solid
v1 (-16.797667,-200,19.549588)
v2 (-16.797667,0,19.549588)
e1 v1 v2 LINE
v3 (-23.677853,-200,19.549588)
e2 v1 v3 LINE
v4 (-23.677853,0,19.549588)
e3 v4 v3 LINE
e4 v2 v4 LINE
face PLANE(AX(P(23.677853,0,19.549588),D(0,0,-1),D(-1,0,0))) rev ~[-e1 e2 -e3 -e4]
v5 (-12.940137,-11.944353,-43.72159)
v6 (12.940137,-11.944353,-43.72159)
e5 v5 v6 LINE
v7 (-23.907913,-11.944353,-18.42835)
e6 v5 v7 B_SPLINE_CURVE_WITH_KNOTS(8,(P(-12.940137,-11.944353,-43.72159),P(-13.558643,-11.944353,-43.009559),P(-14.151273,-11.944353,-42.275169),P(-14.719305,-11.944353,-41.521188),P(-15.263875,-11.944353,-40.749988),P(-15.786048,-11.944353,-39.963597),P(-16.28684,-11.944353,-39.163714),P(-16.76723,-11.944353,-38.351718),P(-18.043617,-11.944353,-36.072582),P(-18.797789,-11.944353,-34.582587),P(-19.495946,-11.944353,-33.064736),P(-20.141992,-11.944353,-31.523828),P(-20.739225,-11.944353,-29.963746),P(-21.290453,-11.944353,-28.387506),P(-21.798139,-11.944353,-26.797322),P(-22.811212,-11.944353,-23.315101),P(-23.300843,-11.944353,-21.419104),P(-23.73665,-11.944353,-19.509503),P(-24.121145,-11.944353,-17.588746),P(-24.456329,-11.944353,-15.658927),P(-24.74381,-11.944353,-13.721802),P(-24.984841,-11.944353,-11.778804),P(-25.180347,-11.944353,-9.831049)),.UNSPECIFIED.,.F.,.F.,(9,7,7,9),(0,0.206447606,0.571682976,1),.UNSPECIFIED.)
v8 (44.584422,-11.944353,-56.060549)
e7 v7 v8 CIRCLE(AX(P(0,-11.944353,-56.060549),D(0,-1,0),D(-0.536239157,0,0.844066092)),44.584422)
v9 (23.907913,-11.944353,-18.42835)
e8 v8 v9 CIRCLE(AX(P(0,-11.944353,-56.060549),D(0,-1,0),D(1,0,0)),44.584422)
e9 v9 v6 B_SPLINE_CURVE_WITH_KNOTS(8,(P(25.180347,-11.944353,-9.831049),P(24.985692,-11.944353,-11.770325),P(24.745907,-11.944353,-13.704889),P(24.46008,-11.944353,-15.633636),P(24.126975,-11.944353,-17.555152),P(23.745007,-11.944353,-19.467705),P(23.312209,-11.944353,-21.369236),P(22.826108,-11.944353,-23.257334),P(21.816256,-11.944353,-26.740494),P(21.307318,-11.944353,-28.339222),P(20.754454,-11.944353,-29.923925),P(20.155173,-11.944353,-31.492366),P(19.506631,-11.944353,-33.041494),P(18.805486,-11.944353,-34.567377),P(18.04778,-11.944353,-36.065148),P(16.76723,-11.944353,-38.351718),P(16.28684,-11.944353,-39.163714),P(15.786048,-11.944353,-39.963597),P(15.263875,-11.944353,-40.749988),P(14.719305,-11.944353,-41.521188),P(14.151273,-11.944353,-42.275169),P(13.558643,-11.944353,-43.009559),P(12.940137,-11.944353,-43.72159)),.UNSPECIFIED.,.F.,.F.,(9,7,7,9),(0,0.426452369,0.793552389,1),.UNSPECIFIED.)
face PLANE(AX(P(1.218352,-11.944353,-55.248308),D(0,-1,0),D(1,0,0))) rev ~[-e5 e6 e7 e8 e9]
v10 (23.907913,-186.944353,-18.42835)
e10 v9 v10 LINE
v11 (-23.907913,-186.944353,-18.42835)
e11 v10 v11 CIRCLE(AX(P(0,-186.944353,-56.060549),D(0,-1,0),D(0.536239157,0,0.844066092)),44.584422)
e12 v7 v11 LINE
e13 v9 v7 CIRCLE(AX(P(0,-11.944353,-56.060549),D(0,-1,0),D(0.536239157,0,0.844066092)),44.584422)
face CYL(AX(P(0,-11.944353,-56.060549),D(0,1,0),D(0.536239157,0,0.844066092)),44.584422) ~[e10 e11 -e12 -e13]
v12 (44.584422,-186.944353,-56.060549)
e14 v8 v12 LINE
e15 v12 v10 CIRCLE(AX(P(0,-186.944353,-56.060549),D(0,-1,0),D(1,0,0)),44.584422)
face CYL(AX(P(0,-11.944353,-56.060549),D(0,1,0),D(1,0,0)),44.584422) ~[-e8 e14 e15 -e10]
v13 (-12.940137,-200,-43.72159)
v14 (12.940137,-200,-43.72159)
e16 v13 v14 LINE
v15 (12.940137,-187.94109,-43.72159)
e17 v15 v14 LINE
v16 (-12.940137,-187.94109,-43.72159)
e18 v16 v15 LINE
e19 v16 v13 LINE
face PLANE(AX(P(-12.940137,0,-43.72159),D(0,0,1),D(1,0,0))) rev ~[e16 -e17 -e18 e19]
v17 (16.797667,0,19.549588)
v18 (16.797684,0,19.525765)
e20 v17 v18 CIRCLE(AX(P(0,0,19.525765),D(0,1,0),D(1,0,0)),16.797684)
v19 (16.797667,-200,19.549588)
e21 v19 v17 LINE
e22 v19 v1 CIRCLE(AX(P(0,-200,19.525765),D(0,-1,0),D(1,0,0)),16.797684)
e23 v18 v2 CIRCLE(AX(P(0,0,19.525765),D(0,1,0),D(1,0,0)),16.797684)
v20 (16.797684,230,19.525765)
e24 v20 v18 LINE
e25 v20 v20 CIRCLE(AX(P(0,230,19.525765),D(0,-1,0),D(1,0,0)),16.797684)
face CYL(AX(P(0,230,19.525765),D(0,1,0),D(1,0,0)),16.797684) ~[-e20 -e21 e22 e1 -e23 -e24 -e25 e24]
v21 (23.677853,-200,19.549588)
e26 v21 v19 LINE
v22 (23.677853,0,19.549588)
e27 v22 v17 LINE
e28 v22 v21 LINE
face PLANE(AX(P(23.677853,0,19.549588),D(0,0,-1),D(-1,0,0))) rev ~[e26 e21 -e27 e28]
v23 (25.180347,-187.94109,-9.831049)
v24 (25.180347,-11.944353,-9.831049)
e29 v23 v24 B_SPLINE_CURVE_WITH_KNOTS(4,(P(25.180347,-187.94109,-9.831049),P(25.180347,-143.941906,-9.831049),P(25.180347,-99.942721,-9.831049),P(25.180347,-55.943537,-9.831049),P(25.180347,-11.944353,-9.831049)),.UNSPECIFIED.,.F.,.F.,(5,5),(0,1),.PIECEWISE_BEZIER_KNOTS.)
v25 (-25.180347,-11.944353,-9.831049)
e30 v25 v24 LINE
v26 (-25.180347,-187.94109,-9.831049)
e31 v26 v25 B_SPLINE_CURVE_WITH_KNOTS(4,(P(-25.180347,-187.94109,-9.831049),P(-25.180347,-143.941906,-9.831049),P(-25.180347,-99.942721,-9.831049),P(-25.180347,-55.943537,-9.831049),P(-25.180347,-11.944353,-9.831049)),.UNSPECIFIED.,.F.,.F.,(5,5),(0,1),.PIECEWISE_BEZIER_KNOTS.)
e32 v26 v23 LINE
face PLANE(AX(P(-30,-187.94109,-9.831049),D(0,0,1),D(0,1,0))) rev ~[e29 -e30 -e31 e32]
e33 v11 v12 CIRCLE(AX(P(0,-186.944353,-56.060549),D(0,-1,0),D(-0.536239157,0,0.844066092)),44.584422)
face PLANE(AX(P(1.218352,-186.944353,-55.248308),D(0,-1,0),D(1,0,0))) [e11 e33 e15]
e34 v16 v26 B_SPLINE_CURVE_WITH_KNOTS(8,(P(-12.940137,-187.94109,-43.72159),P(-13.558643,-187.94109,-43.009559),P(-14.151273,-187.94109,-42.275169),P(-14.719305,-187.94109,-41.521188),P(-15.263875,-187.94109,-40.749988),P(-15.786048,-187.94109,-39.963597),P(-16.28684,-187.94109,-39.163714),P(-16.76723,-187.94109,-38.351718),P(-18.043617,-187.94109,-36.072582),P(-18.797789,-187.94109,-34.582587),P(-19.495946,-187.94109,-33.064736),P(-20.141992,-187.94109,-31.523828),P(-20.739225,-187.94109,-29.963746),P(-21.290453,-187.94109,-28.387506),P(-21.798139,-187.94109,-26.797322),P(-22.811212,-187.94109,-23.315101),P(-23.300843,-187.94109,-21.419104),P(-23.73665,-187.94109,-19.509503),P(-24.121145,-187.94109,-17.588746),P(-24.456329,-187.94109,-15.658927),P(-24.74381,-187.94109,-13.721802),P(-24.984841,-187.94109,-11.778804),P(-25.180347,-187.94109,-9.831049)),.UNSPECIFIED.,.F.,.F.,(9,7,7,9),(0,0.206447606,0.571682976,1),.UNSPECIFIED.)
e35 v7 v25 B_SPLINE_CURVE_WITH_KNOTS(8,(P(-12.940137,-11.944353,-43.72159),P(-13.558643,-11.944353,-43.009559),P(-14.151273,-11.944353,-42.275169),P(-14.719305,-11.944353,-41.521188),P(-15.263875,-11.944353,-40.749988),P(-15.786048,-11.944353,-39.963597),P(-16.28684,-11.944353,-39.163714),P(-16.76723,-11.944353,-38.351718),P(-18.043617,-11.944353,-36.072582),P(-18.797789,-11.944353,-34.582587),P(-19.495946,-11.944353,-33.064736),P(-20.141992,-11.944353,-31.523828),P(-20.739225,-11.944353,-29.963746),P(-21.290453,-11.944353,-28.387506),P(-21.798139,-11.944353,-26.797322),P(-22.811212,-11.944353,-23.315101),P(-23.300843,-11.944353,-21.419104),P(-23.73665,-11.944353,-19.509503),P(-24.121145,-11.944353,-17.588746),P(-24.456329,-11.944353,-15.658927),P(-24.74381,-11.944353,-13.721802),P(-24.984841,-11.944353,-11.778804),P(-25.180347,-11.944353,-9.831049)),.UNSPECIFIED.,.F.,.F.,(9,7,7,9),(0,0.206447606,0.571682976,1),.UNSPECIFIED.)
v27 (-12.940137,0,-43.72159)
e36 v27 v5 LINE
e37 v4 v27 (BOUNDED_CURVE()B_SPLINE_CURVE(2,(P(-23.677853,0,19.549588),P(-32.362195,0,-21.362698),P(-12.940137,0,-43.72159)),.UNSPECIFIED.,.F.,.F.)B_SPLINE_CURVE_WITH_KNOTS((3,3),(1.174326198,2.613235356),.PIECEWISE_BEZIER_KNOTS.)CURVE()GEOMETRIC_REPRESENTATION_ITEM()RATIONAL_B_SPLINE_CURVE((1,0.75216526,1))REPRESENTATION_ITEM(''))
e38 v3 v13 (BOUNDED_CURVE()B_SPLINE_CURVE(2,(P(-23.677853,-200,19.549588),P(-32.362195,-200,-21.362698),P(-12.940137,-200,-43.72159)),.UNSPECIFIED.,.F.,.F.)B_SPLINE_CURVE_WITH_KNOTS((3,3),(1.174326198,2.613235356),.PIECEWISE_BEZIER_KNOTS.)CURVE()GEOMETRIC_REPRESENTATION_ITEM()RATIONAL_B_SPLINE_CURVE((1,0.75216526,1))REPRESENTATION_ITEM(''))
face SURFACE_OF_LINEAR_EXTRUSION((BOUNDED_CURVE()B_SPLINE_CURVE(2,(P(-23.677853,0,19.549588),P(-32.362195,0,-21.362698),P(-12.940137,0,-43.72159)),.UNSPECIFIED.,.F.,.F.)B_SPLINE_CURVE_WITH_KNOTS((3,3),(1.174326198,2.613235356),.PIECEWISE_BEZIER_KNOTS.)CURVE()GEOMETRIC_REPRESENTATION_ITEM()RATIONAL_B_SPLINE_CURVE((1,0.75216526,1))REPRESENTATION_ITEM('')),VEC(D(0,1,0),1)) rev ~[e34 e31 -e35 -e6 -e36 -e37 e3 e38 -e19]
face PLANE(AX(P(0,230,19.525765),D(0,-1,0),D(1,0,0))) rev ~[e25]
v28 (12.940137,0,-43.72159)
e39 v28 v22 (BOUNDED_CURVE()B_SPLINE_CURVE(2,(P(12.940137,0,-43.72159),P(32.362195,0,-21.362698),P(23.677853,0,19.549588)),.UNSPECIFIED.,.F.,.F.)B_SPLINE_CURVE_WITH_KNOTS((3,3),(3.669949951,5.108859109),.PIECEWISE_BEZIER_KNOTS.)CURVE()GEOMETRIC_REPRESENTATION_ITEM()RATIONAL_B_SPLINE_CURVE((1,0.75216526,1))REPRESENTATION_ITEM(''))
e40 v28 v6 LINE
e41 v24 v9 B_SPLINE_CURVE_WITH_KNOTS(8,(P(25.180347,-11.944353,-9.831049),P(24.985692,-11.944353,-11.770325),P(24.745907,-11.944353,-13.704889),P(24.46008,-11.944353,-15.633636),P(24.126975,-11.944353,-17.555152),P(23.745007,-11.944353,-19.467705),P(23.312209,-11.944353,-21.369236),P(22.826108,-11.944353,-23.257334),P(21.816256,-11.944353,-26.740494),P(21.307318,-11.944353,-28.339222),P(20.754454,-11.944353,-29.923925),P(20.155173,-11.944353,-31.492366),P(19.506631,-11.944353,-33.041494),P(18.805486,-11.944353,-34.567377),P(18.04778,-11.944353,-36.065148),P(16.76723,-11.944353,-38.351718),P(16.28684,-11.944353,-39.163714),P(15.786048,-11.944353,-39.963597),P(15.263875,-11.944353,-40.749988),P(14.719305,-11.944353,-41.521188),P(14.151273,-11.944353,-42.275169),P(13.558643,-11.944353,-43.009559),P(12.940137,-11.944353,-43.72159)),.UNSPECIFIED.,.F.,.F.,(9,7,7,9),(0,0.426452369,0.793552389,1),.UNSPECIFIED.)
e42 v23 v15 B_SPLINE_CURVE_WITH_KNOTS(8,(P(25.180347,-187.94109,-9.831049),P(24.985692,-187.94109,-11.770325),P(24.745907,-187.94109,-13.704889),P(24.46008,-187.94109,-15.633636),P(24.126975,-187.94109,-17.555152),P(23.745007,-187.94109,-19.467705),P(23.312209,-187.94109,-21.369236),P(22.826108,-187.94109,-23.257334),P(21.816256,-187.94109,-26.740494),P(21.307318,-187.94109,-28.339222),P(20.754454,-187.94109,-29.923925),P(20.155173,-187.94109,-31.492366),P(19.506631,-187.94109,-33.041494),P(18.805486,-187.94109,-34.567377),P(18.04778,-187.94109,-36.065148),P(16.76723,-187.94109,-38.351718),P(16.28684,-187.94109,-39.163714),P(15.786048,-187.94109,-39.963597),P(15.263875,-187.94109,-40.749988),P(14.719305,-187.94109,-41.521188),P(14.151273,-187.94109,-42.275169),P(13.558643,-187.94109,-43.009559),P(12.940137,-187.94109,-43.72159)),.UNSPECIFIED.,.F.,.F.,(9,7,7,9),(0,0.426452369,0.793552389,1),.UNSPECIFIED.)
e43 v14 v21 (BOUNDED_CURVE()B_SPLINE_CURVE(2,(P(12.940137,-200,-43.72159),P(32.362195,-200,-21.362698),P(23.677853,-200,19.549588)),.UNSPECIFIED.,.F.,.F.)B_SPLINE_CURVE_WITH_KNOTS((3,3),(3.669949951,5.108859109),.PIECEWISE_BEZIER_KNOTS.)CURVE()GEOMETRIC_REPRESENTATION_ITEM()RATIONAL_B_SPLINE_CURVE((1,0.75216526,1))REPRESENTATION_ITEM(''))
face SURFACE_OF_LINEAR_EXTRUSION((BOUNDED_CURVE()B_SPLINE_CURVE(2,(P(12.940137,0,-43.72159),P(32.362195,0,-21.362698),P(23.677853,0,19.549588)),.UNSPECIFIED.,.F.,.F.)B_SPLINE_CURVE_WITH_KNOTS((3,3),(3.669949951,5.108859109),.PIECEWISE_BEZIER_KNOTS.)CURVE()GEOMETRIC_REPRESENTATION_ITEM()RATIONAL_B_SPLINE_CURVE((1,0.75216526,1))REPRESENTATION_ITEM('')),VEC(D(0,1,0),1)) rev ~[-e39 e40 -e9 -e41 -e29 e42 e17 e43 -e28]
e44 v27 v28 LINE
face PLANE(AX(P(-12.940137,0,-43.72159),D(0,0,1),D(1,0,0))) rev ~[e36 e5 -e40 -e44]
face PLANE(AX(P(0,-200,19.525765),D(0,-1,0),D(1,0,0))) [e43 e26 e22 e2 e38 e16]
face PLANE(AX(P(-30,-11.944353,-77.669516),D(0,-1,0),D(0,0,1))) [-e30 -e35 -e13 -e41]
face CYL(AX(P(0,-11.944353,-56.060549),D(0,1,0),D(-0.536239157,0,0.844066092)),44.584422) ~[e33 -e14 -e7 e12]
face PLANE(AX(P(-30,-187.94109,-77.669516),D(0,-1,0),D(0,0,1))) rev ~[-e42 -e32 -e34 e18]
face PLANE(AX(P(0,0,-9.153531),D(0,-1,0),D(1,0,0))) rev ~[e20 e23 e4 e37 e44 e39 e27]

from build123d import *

# Parameters (mm, degrees)
F1_DEPTH = 200
F3_R     = 16.7976843787
F4_DEPTH = 430
F6_W     = 175.9967375547
F6_H     = 67.8384676576
F7_DEPTH = 100
F9_DEPTH = 175


with BuildPart() as f1:
    # F0 (on Front) → F1 (new body)
    with BuildSketch(Plane.XZ):
        with BuildLine():
            add(Edge.make_bspline(
                [(-23.6778533361, 19.5495877862), (-32.3621949462, -21.3626975394), (-12.9401370946, -43.7215901911)],
                knots=[1.1743261985, 1.1743261985, 1.1743261985, 2.6132353561, 2.6132353561, 2.6132353561], degree=2, weights=[1, 0.7521652597, 1]))
            Line((-12.9401370946, -43.7215901911), (12.9401370946, -43.7215901911))
            add(Edge.make_bspline(
                [(12.9401370946, -43.7215901911), (32.3621949462, -21.3626975394), (23.6778533361, 19.5495877862)],
                knots=[3.6699499511, 3.6699499511, 3.6699499511, 5.1088591087, 5.1088591087, 5.1088591087], degree=2, weights=[1, 0.7521652597, 1]))
            Line((23.6778533361, 19.5495877862), (-23.6778533361, 19.5495877862))
        make_face()
    extrude(amount=F1_DEPTH)

    # F3 (on offset) → F4 (join)
    with BuildSketch(Plane.XZ.offset(-230)):
        with Locations((0, 19.52576451)):
            Circle(F3_R)
    extrude(amount=F4_DEPTH)

    # F6 (on offset) → F7 (cut)
    with BuildSketch(Plane.YZ.offset(-30)):
        with Locations((-99.9427214265, -43.750282377)):
            Rectangle(F6_W, F6_H)
    extrude(amount=F7_DEPTH, mode=Mode.SUBTRACT)

    # F8 (on face) → F9 (join)
    with BuildSketch(Plane.XZ.offset(11.9443526492)):
        with BuildLine():
            ThreePointArc((-23.9079126368, -18.4283503945), (-21.4691661744, -95.1354199868), (44.5844215941, -56.0605488718))
            ThreePointArc((44.5844215941, -56.0605488718), (39.0748711148, -34.591382697), (23.907912636, -18.428350394))
            add(Edge.make_bspline(
                [(23.907912636, -18.428350394), (23.7403211383, -19.2740561298), (23.5629806702, -20.1178270573), (23.375722619, -20.959489825), (23.1783610081, -21.7988580379), (22.9706905105, -22.6357318329), (22.7524836933, -23.4698972976), (22.5234871985, -24.301125666), (21.8162555534, -26.7404941038), (21.3073183679, -28.3392219433), (20.754454425, -29.9239250097), (20.1551733117, -31.4923659659), (19.5066312989, -33.0414940382), (18.8054862218, -34.5673766033), (18.0477798353, -36.0651478958), (16.7672298185, -38.3517175377), (16.2868400055, -39.1637140236), (15.7860476096, -39.9635970623), (15.2638749499, -40.7499882648), (14.7193047849, -41.5211878034), (14.1512732931, -42.2751690498), (13.5586431482, -43.0095590272), (12.9401370946, -43.7215901911)],
                knots=[0.2378023461, 0.2378023461, 0.2378023461, 0.2378023461, 0.2378023461, 0.2378023461, 0.2378023461, 0.2378023461, 0.2378023461, 0.4264523686, 0.4264523686, 0.4264523686, 0.4264523686, 0.4264523686, 0.4264523686, 0.4264523686, 0.7935523887, 0.7935523887, 0.7935523887, 0.7935523887, 0.7935523887, 0.7935523887, 0.7935523887, 1, 1, 1, 1, 1, 1, 1, 1, 1], degree=8))
            Line((12.9401370946, -43.7215901911), (-12.9401370946, -43.7215901911))
            add(Edge.make_bspline(
                [(-12.9401370946, -43.7215901911), (-13.5586431482, -43.0095590272), (-14.1512732931, -42.2751690498), (-14.7193047849, -41.5211878034), (-15.2638749499, -40.7499882648), (-15.7860476096, -39.9635970623), (-16.2868400055, -39.1637140236), (-16.7672298185, -38.3517175377), (-18.043616681, -36.0725816877), (-18.7977894386, -34.5825873298), (-19.4959463044, -33.0647358798), (-20.1419918652, -31.5238279251), (-20.7392245037, -29.9637460227), (-21.2904531713, -28.3875056791), (-21.7981390661, -26.7973221406), (-22.507625983, -24.3586134522), (-22.739531347, -23.5193487447), (-22.9604201458, -22.6770764585), (-23.17055429, -21.8320330534), (-23.3701686358, -20.9844394656), (-23.5594750148, -20.1345019592), (-23.7386651299, -19.2824127385), (-23.9079126368, -18.4283503945)],
                knots=[0, 0, 0, 0, 0, 0, 0, 0, 0, 0.2064476064, 0.2064476064, 0.2064476064, 0.2064476064, 0.2064476064, 0.2064476064, 0.2064476064, 0.5716829759, 0.5716829759, 0.5716829759, 0.5716829759, 0.5716829759, 0.5716829759, 0.5716829759, 0.7621973133, 0.7621973133, 0.7621973133, 0.7621973133, 0.7621973133, 0.7621973133, 0.7621973133, 0.7621973133, 0.7621973133], degree=8))
        make_face()
        with BuildLine():
            add(Edge.make_bspline(
                [(23.907912636, -18.428350394), (23.7403211383, -19.2740561298), (23.5629806702, -20.1178270573), (23.375722619, -20.959489825), (23.1783610081, -21.7988580379), (22.9706905105, -22.6357318329), (22.7524836933, -23.4698972976), (22.5234871985, -24.301125666), (21.8162555534, -26.7404941038), (21.3073183679, -28.3392219433), (20.754454425, -29.9239250097), (20.1551733117, -31.4923659659), (19.5066312989, -33.0414940382), (18.8054862218, -34.5673766033), (18.0477798353, -36.0651478958), (16.7672298185, -38.3517175377), (16.2868400055, -39.1637140236), (15.7860476096, -39.9635970623), (15.2638749499, -40.7499882648), (14.7193047849, -41.5211878034), (14.1512732931, -42.2751690498), (13.5586431482, -43.0095590272), (12.9401370946, -43.7215901911)],
                knots=[0.2378023461, 0.2378023461, 0.2378023461, 0.2378023461, 0.2378023461, 0.2378023461, 0.2378023461, 0.2378023461, 0.2378023461, 0.4264523686, 0.4264523686, 0.4264523686, 0.4264523686, 0.4264523686, 0.4264523686, 0.4264523686, 0.7935523887, 0.7935523887, 0.7935523887, 0.7935523887, 0.7935523887, 0.7935523887, 0.7935523887, 1, 1, 1, 1, 1, 1, 1, 1, 1], degree=8))
            ThreePointArc((23.907912636, -18.428350394), (-5e-10, -11.4761272777), (-23.9079126368, -18.4283503945))
            add(Edge.make_bspline(
                [(-12.9401370946, -43.7215901911), (-13.5586431482, -43.0095590272), (-14.1512732931, -42.2751690498), (-14.7193047849, -41.5211878034), (-15.2638749499, -40.7499882648), (-15.7860476096, -39.9635970623), (-16.2868400055, -39.1637140236), (-16.7672298185, -38.3517175377), (-18.043616681, -36.0725816877), (-18.7977894386, -34.5825873298), (-19.4959463044, -33.0647358798), (-20.1419918652, -31.5238279251), (-20.7392245037, -29.9637460227), (-21.2904531713, -28.3875056791), (-21.7981390661, -26.7973221406), (-22.507625983, -24.3586134522), (-22.739531347, -23.5193487447), (-22.9604201458, -22.6770764585), (-23.17055429, -21.8320330534), (-23.3701686358, -20.9844394656), (-23.5594750148, -20.1345019592), (-23.7386651299, -19.2824127385), (-23.9079126368, -18.4283503945)],
                knots=[0, 0, 0, 0, 0, 0, 0, 0, 0, 0.2064476064, 0.2064476064, 0.2064476064, 0.2064476064, 0.2064476064, 0.2064476064, 0.2064476064, 0.5716829759, 0.5716829759, 0.5716829759, 0.5716829759, 0.5716829759, 0.5716829759, 0.5716829759, 0.7621973133, 0.7621973133, 0.7621973133, 0.7621973133, 0.7621973133, 0.7621973133, 0.7621973133, 0.7621973133, 0.7621973133], degree=8))
            Line((-12.9401370946, -43.7215901911), (12.9401370946, -43.7215901911))
        make_face()
    extrude(amount=F9_DEPTH)


solid = f1.part
